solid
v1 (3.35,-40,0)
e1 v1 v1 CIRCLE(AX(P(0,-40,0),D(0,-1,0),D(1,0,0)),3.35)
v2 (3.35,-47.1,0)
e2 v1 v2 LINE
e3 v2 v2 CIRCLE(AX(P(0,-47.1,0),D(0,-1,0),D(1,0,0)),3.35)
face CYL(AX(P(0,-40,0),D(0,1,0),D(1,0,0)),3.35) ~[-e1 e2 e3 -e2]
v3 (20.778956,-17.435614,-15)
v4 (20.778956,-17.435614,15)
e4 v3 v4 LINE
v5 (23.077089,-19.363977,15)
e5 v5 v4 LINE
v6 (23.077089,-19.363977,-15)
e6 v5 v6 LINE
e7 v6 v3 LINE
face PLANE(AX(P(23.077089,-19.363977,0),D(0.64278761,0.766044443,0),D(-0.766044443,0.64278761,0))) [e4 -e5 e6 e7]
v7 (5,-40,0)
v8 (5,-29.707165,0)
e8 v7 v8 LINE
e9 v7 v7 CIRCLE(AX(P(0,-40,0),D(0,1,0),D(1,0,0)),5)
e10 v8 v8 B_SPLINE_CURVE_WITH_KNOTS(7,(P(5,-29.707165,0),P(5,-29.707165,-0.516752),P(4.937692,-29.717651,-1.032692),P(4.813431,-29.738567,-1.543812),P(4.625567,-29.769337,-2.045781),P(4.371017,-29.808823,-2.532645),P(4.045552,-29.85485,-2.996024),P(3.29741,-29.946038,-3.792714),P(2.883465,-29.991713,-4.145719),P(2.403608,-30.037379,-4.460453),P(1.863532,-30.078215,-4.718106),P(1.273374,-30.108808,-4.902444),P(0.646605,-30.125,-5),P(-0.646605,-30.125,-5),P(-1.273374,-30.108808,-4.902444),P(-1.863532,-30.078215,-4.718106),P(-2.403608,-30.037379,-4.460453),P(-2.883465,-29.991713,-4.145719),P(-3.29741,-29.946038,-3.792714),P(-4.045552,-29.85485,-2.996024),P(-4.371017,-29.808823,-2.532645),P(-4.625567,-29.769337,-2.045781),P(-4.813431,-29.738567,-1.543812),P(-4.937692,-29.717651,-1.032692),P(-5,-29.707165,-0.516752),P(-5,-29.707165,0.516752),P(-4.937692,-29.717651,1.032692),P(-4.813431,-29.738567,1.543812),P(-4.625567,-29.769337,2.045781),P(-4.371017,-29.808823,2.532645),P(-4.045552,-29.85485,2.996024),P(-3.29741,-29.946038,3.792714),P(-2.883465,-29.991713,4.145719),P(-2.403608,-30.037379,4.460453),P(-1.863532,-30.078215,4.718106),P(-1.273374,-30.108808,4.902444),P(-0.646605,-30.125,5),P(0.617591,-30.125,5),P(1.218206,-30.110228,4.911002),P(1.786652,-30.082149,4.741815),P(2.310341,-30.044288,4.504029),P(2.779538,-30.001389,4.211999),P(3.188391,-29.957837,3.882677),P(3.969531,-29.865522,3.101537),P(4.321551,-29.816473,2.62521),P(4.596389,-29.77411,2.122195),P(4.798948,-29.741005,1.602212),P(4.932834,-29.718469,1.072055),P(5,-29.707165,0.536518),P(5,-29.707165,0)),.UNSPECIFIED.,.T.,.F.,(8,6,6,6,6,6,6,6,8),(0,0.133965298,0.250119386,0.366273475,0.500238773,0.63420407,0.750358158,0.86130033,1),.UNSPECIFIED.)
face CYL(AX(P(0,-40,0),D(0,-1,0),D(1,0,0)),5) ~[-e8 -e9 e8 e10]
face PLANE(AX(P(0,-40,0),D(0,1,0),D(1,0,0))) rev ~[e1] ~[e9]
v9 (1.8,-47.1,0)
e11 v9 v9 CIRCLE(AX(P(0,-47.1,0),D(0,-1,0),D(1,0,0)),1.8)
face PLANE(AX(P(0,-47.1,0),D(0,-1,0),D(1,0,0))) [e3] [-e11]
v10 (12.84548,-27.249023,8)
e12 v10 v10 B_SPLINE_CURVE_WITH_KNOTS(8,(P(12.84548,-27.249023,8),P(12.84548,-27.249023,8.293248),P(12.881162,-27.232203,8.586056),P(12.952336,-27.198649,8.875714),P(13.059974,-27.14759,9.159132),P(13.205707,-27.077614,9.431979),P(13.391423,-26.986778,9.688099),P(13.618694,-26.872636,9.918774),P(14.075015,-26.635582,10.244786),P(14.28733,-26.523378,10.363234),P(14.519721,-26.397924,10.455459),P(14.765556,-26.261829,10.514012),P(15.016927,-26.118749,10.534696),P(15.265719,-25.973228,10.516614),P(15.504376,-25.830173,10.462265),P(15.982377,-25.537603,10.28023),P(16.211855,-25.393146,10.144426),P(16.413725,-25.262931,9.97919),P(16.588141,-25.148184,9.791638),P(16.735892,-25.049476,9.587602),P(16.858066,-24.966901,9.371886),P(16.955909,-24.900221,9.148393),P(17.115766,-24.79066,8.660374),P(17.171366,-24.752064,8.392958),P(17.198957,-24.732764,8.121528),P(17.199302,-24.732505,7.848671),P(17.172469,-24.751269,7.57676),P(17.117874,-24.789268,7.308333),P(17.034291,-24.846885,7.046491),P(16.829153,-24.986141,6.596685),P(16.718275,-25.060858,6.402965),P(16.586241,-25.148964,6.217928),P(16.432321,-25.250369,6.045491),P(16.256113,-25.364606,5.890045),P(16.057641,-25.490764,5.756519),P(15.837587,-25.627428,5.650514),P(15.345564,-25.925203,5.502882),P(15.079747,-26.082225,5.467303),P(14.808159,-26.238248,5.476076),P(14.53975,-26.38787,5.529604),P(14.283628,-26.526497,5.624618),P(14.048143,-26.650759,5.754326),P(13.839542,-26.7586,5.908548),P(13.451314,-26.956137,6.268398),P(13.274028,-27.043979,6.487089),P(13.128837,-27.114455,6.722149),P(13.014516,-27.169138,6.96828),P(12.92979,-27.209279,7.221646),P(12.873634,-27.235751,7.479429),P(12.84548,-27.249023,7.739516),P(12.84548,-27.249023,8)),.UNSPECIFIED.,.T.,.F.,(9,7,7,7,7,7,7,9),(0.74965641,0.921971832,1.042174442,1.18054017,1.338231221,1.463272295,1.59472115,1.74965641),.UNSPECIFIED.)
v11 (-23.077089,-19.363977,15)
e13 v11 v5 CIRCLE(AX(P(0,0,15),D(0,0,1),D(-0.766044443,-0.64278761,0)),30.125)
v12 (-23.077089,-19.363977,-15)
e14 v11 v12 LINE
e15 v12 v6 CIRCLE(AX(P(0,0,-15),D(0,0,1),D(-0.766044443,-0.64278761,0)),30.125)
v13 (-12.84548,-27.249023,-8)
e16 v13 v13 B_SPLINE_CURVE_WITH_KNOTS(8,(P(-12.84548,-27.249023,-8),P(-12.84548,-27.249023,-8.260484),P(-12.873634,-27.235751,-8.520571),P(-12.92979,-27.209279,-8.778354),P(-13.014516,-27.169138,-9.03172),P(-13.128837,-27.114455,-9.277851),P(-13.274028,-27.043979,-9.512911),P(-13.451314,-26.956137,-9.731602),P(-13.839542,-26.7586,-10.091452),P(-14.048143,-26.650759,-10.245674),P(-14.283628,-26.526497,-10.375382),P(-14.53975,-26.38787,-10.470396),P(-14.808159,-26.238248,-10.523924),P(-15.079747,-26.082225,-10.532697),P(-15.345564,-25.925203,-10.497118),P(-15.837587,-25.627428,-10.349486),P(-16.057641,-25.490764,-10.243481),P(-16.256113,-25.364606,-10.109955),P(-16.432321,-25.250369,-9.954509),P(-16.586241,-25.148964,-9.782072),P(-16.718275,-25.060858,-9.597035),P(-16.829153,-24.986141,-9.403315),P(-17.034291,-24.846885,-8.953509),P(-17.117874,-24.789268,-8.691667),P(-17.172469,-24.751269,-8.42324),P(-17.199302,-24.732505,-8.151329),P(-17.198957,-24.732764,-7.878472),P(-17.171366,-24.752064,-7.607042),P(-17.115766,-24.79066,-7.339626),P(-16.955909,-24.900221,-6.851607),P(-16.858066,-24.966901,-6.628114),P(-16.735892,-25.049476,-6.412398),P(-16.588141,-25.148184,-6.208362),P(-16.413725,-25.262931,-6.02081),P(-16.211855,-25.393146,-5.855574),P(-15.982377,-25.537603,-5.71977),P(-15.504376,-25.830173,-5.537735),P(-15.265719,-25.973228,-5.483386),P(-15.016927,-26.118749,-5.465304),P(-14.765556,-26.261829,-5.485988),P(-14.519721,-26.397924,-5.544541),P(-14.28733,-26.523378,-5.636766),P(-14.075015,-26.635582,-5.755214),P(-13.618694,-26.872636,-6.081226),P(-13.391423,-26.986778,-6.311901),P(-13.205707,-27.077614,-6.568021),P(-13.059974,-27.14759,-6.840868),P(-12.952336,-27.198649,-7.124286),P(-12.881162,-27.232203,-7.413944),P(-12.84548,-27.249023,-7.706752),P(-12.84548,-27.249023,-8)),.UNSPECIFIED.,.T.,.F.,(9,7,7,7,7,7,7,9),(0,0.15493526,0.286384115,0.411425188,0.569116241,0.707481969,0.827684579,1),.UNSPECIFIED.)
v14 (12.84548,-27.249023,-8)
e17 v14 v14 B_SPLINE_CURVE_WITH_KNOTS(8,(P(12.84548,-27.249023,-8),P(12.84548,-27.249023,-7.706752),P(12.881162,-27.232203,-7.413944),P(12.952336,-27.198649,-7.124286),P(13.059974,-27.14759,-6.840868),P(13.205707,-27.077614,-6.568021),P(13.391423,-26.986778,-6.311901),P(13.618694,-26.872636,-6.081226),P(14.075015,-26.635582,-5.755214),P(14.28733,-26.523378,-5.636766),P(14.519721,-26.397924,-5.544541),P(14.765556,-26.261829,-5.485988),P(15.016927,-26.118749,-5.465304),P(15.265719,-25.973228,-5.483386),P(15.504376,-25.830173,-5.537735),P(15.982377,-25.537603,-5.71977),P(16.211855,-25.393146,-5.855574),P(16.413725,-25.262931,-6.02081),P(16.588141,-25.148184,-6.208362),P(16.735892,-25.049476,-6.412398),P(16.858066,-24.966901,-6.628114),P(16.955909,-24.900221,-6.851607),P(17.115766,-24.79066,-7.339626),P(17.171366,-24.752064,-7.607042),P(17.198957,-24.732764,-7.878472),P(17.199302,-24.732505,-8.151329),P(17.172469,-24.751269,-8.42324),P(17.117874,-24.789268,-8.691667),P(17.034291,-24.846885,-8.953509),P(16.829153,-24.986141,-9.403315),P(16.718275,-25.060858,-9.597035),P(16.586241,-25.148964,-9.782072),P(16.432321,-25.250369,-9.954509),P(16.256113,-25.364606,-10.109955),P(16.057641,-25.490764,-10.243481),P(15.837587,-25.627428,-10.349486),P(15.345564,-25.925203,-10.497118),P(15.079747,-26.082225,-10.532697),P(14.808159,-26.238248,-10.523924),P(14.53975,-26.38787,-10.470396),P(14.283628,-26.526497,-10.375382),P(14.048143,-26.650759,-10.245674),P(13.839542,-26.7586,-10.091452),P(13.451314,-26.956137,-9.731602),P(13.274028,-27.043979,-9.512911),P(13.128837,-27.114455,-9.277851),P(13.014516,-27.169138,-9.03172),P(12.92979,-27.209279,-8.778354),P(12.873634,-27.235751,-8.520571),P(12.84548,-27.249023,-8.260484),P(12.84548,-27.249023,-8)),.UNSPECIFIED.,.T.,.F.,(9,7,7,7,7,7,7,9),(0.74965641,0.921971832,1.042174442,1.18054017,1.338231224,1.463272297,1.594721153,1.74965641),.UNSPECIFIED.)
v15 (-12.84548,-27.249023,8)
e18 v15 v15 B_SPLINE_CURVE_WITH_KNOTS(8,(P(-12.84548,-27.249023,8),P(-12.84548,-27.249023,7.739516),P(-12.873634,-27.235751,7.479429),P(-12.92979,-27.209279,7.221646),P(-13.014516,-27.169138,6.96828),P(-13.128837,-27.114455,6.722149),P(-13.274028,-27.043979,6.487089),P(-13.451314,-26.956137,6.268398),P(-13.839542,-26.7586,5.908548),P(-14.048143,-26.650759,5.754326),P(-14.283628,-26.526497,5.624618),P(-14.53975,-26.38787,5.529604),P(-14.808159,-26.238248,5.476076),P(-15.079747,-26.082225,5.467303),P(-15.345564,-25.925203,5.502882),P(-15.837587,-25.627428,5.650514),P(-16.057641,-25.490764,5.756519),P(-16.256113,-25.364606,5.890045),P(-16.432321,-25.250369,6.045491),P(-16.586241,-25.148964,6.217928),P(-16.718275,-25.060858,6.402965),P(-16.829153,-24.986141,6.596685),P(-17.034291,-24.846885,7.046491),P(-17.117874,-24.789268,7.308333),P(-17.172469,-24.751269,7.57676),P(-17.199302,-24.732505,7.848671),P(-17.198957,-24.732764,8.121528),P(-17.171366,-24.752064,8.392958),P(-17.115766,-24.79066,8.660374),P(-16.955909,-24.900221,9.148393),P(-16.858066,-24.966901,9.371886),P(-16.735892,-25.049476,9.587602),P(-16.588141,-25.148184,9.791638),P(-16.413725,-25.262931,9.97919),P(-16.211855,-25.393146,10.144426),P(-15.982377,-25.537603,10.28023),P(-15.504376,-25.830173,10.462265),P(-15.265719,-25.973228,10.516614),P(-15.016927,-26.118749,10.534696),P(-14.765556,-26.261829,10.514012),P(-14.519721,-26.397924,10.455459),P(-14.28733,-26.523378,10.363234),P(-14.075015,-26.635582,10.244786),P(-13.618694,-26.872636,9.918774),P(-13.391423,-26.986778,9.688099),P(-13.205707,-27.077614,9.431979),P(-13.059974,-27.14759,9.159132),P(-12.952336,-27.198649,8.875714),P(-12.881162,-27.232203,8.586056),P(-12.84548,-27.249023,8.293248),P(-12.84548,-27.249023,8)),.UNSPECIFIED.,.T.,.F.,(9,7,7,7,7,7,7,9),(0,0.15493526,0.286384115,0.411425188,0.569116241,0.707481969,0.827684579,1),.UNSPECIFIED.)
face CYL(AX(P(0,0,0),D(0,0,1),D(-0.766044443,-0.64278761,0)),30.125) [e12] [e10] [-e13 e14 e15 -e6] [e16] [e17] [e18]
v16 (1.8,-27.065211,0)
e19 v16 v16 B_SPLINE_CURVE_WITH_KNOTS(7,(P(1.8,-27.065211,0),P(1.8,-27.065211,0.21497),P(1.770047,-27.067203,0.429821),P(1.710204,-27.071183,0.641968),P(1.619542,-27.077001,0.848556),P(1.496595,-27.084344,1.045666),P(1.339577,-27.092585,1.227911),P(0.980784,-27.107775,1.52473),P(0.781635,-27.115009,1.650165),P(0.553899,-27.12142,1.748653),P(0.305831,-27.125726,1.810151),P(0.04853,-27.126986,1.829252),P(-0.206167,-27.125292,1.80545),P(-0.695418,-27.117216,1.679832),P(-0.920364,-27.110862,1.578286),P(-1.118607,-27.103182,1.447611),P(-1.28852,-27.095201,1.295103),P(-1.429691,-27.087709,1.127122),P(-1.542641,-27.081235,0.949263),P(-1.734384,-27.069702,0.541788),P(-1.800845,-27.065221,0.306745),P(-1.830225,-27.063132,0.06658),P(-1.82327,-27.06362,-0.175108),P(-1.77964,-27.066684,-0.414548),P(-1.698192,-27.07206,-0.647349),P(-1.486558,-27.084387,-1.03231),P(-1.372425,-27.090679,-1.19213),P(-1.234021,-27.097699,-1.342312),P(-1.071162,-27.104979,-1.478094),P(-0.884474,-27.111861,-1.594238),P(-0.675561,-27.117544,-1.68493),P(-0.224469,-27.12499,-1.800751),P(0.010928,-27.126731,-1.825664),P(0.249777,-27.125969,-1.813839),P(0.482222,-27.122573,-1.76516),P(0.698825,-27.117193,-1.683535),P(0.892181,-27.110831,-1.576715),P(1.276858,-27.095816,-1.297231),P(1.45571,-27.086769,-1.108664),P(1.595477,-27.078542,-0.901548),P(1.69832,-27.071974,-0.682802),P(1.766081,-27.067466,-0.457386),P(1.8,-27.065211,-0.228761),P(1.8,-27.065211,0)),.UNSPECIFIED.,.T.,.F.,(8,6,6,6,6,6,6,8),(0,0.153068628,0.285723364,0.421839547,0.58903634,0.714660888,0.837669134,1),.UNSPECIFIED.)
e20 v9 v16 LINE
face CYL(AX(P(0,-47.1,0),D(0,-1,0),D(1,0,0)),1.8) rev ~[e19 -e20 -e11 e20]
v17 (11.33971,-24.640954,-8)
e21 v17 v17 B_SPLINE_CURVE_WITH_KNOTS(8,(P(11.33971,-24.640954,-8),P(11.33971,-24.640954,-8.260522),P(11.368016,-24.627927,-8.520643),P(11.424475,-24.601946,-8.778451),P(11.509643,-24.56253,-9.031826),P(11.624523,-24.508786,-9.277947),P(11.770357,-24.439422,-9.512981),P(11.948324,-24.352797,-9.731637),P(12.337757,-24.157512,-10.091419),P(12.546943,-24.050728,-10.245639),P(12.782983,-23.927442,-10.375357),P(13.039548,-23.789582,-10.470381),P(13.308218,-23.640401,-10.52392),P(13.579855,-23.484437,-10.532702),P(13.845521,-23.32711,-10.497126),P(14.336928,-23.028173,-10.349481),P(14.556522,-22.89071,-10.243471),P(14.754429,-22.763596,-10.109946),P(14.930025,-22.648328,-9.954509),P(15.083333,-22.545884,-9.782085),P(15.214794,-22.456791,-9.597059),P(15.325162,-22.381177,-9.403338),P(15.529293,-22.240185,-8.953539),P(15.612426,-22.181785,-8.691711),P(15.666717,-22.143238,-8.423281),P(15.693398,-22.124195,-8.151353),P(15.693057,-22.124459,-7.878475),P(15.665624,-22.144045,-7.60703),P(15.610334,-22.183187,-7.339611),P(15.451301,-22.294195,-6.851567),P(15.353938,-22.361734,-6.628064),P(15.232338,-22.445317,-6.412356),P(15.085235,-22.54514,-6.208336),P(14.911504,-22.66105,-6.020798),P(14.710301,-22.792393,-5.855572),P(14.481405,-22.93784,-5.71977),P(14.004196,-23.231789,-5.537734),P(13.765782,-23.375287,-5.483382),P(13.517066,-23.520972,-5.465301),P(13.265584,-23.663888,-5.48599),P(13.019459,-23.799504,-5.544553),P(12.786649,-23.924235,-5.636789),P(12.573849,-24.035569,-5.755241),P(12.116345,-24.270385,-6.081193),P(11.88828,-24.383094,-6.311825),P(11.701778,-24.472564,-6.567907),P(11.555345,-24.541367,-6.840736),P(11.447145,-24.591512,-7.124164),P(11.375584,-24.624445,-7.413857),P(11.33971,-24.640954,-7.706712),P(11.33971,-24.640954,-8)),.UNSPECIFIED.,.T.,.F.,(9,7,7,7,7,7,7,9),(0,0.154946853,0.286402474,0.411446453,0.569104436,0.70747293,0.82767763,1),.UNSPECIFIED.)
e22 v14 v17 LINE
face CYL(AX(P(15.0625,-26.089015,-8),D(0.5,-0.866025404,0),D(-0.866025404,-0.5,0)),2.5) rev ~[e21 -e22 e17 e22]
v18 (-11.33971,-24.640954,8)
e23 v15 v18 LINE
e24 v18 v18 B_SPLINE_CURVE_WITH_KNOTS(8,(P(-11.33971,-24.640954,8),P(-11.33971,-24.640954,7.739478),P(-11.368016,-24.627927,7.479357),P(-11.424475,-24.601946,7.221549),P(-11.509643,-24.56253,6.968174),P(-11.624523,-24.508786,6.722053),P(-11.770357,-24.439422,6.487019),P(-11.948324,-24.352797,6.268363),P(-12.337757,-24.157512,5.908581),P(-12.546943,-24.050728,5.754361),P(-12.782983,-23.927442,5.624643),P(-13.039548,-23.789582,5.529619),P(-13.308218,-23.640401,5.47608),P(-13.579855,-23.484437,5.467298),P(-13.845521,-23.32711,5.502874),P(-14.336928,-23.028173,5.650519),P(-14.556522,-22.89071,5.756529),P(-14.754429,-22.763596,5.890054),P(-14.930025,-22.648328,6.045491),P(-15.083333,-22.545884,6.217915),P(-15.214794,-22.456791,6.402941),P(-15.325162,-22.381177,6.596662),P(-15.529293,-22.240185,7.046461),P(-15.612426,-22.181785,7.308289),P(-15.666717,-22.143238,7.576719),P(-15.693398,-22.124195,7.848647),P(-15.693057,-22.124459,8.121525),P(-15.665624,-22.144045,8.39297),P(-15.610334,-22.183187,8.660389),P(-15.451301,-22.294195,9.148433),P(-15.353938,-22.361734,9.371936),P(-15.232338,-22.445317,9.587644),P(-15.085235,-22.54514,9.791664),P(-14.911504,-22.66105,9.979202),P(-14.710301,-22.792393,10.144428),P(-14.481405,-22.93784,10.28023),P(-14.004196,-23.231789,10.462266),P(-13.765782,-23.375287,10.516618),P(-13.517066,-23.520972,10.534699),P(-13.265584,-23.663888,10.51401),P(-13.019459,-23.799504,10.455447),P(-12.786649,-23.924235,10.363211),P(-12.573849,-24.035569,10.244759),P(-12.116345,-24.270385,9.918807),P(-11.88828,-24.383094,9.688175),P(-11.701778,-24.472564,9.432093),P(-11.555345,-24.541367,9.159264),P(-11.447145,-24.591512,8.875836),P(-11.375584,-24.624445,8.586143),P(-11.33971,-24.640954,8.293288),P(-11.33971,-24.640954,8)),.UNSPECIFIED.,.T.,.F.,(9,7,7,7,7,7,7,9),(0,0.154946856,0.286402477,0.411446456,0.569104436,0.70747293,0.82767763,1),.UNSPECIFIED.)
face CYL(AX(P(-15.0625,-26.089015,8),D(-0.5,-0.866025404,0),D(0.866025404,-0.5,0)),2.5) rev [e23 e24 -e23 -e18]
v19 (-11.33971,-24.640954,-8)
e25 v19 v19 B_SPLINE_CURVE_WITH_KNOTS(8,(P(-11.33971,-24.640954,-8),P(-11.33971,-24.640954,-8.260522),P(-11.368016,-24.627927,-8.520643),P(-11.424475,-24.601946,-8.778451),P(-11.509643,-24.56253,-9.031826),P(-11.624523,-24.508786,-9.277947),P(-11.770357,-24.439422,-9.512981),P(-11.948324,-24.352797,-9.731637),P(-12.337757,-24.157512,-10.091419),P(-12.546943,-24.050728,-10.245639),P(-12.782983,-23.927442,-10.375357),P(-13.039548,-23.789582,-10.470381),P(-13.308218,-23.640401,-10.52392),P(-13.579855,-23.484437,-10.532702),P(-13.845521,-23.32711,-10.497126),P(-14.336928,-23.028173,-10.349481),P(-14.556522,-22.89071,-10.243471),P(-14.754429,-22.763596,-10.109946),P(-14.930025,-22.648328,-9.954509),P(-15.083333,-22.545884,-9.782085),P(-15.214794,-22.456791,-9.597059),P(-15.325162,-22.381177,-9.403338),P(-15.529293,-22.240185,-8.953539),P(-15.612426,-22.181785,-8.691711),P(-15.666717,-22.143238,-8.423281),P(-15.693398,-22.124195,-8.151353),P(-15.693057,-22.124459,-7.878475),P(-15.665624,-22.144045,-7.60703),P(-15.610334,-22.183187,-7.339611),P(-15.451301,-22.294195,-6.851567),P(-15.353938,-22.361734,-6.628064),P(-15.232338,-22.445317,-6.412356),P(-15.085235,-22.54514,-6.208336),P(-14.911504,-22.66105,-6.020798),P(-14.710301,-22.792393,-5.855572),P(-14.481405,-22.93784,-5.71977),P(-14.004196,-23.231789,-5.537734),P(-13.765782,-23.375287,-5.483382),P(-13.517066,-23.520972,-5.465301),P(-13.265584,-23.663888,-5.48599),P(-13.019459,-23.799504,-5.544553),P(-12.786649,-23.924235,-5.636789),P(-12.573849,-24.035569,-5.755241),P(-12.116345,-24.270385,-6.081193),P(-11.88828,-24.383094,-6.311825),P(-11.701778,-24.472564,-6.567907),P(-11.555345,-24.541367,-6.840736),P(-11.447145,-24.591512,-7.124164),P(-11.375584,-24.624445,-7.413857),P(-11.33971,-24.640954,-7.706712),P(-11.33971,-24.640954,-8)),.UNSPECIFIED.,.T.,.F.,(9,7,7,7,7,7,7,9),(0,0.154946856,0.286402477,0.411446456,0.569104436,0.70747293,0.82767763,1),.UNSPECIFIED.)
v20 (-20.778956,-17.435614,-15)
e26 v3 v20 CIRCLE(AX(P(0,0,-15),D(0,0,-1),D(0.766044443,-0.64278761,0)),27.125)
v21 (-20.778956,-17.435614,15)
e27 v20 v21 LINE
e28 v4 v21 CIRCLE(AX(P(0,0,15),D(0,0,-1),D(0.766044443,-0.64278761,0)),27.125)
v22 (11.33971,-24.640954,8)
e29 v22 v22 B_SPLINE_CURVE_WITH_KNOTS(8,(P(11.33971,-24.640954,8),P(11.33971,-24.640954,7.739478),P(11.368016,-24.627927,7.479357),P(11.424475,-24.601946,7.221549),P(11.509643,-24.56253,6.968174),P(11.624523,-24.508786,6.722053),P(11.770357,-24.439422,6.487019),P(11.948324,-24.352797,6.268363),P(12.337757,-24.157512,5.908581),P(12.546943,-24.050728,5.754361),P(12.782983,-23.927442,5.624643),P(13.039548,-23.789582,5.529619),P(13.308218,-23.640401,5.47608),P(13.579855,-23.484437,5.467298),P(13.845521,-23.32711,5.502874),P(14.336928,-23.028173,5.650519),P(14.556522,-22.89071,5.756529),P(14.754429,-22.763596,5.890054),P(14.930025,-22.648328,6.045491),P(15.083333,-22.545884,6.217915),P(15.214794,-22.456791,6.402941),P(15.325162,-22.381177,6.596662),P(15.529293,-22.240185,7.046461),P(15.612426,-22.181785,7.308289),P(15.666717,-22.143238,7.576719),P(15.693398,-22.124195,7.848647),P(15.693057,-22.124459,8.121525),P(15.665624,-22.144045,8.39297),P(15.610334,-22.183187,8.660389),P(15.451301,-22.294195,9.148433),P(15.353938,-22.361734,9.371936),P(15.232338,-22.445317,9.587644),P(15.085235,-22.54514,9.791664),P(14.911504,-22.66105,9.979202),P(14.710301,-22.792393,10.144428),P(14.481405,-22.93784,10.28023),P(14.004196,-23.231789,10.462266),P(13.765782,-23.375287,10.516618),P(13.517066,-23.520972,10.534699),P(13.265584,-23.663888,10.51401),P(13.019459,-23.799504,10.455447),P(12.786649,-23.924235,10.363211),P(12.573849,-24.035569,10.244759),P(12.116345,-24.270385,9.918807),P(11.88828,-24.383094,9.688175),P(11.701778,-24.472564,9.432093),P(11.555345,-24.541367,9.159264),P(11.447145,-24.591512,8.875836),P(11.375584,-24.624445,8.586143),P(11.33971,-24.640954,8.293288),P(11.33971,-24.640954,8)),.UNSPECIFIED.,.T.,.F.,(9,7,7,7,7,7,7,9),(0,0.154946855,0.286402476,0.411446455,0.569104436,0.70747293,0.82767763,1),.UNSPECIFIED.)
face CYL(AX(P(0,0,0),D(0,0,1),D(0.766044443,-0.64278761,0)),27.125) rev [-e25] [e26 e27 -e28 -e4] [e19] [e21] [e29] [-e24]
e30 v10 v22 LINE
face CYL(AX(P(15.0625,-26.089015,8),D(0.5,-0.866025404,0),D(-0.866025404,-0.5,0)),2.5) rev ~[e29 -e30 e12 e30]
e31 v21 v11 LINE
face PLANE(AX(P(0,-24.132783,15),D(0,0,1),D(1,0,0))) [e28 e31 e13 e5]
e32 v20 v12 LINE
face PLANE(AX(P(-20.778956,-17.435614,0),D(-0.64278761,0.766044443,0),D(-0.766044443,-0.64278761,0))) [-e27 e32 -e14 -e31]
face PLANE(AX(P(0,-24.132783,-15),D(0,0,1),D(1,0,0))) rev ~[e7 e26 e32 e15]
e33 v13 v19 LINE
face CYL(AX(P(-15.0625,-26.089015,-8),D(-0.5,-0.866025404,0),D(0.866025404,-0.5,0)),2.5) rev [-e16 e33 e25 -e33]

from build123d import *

# Parameters (mm, degrees)
BOSS_EXTRUDE1_DEPTH = 15
BOSS_EXTRUDE2_REACH = 24.564
SKETCH2_R           = 5
SKETCH13_R          = 2.5
CUT_EXTRUDE2_DEPTH  = 27.563859895
SKETCH14_R          = 3.35
BOSS_EXTRUDE4_DEPTH = 7.1
SKETCH15_R          = 1.8
CUT_EXTRUDE3_DEPTH  = 30.664386187


with BuildPart() as part:
    # Sketch1 → Boss-Extrude1 (new body, symmetric)
    with BuildSketch(Plane.XY):
        with BuildLine():
            Line((23.077088849, -19.363976742), (20.77895552, -17.435613913))
            ThreePointArc((20.77895552, -17.435613913), (0, -27.125), (-20.77895552, -17.435613913))
            Line((-20.77895552, -17.435613913), (-23.077088849, -19.363976742))
            ThreePointArc((-23.077088849, -19.363976742), (0, -30.125), (23.077088849, -19.363976742))
        make_face()
    extrude(amount=BOSS_EXTRUDE1_DEPTH, both=True)

    # Sketch2 → Boss-Extrude2 (add, up to next)
    with BuildSketch(Plane(origin=(0, -40, 0), x_dir=(1, 0, 0), z_dir=(0, 1, 0)), mode=Mode.PRIVATE) as boss_extrude2_sk1:
        Circle(SKETCH2_R)
    boss_extrude2_tool1 = extrude(boss_extrude2_sk1.sketch, amount=BOSS_EXTRUDE2_REACH, mode=Mode.PRIVATE) - part.part
    add(boss_extrude2_tool1.solids().sort_by_distance((0, -40, 0))[0])

    # Sketch13 → Cut-Extrude2 (cut, through all)
    with BuildSketch(Plane(origin=(15.0625, -26.089015289, 0), x_dir=(-0.866025404, -0.5, 0), z_dir=(0.5, -0.866025404, 0))):
        with Locations((0, 8)):
            Circle(SKETCH13_R)
        with Locations((0, -8)):
            Circle(SKETCH13_R)
    cut_extrude2 = extrude(amount=-CUT_EXTRUDE2_DEPTH, mode=Mode.SUBTRACT)

    # Mirror1: Cut-Extrude2 across plane
    add(cut_extrude2.mirror(Plane(origin=(0, 0, 0), x_dir=(0, 0, 1), z_dir=(1, 0, 0))), mode=Mode.SUBTRACT)

    # Sketch14 → Boss-Extrude4 (add)
    with BuildSketch(Plane.XZ.offset(40)):
        Circle(SKETCH14_R)
    extrude(amount=BOSS_EXTRUDE4_DEPTH)

    # Sketch15 → Cut-Extrude3 (cut, through all)
    with BuildSketch(Plane.XZ.offset(47.1)):
        Circle(SKETCH15_R)
    extrude(amount=-CUT_EXTRUDE3_DEPTH, mode=Mode.SUBTRACT)


solid = part.part
